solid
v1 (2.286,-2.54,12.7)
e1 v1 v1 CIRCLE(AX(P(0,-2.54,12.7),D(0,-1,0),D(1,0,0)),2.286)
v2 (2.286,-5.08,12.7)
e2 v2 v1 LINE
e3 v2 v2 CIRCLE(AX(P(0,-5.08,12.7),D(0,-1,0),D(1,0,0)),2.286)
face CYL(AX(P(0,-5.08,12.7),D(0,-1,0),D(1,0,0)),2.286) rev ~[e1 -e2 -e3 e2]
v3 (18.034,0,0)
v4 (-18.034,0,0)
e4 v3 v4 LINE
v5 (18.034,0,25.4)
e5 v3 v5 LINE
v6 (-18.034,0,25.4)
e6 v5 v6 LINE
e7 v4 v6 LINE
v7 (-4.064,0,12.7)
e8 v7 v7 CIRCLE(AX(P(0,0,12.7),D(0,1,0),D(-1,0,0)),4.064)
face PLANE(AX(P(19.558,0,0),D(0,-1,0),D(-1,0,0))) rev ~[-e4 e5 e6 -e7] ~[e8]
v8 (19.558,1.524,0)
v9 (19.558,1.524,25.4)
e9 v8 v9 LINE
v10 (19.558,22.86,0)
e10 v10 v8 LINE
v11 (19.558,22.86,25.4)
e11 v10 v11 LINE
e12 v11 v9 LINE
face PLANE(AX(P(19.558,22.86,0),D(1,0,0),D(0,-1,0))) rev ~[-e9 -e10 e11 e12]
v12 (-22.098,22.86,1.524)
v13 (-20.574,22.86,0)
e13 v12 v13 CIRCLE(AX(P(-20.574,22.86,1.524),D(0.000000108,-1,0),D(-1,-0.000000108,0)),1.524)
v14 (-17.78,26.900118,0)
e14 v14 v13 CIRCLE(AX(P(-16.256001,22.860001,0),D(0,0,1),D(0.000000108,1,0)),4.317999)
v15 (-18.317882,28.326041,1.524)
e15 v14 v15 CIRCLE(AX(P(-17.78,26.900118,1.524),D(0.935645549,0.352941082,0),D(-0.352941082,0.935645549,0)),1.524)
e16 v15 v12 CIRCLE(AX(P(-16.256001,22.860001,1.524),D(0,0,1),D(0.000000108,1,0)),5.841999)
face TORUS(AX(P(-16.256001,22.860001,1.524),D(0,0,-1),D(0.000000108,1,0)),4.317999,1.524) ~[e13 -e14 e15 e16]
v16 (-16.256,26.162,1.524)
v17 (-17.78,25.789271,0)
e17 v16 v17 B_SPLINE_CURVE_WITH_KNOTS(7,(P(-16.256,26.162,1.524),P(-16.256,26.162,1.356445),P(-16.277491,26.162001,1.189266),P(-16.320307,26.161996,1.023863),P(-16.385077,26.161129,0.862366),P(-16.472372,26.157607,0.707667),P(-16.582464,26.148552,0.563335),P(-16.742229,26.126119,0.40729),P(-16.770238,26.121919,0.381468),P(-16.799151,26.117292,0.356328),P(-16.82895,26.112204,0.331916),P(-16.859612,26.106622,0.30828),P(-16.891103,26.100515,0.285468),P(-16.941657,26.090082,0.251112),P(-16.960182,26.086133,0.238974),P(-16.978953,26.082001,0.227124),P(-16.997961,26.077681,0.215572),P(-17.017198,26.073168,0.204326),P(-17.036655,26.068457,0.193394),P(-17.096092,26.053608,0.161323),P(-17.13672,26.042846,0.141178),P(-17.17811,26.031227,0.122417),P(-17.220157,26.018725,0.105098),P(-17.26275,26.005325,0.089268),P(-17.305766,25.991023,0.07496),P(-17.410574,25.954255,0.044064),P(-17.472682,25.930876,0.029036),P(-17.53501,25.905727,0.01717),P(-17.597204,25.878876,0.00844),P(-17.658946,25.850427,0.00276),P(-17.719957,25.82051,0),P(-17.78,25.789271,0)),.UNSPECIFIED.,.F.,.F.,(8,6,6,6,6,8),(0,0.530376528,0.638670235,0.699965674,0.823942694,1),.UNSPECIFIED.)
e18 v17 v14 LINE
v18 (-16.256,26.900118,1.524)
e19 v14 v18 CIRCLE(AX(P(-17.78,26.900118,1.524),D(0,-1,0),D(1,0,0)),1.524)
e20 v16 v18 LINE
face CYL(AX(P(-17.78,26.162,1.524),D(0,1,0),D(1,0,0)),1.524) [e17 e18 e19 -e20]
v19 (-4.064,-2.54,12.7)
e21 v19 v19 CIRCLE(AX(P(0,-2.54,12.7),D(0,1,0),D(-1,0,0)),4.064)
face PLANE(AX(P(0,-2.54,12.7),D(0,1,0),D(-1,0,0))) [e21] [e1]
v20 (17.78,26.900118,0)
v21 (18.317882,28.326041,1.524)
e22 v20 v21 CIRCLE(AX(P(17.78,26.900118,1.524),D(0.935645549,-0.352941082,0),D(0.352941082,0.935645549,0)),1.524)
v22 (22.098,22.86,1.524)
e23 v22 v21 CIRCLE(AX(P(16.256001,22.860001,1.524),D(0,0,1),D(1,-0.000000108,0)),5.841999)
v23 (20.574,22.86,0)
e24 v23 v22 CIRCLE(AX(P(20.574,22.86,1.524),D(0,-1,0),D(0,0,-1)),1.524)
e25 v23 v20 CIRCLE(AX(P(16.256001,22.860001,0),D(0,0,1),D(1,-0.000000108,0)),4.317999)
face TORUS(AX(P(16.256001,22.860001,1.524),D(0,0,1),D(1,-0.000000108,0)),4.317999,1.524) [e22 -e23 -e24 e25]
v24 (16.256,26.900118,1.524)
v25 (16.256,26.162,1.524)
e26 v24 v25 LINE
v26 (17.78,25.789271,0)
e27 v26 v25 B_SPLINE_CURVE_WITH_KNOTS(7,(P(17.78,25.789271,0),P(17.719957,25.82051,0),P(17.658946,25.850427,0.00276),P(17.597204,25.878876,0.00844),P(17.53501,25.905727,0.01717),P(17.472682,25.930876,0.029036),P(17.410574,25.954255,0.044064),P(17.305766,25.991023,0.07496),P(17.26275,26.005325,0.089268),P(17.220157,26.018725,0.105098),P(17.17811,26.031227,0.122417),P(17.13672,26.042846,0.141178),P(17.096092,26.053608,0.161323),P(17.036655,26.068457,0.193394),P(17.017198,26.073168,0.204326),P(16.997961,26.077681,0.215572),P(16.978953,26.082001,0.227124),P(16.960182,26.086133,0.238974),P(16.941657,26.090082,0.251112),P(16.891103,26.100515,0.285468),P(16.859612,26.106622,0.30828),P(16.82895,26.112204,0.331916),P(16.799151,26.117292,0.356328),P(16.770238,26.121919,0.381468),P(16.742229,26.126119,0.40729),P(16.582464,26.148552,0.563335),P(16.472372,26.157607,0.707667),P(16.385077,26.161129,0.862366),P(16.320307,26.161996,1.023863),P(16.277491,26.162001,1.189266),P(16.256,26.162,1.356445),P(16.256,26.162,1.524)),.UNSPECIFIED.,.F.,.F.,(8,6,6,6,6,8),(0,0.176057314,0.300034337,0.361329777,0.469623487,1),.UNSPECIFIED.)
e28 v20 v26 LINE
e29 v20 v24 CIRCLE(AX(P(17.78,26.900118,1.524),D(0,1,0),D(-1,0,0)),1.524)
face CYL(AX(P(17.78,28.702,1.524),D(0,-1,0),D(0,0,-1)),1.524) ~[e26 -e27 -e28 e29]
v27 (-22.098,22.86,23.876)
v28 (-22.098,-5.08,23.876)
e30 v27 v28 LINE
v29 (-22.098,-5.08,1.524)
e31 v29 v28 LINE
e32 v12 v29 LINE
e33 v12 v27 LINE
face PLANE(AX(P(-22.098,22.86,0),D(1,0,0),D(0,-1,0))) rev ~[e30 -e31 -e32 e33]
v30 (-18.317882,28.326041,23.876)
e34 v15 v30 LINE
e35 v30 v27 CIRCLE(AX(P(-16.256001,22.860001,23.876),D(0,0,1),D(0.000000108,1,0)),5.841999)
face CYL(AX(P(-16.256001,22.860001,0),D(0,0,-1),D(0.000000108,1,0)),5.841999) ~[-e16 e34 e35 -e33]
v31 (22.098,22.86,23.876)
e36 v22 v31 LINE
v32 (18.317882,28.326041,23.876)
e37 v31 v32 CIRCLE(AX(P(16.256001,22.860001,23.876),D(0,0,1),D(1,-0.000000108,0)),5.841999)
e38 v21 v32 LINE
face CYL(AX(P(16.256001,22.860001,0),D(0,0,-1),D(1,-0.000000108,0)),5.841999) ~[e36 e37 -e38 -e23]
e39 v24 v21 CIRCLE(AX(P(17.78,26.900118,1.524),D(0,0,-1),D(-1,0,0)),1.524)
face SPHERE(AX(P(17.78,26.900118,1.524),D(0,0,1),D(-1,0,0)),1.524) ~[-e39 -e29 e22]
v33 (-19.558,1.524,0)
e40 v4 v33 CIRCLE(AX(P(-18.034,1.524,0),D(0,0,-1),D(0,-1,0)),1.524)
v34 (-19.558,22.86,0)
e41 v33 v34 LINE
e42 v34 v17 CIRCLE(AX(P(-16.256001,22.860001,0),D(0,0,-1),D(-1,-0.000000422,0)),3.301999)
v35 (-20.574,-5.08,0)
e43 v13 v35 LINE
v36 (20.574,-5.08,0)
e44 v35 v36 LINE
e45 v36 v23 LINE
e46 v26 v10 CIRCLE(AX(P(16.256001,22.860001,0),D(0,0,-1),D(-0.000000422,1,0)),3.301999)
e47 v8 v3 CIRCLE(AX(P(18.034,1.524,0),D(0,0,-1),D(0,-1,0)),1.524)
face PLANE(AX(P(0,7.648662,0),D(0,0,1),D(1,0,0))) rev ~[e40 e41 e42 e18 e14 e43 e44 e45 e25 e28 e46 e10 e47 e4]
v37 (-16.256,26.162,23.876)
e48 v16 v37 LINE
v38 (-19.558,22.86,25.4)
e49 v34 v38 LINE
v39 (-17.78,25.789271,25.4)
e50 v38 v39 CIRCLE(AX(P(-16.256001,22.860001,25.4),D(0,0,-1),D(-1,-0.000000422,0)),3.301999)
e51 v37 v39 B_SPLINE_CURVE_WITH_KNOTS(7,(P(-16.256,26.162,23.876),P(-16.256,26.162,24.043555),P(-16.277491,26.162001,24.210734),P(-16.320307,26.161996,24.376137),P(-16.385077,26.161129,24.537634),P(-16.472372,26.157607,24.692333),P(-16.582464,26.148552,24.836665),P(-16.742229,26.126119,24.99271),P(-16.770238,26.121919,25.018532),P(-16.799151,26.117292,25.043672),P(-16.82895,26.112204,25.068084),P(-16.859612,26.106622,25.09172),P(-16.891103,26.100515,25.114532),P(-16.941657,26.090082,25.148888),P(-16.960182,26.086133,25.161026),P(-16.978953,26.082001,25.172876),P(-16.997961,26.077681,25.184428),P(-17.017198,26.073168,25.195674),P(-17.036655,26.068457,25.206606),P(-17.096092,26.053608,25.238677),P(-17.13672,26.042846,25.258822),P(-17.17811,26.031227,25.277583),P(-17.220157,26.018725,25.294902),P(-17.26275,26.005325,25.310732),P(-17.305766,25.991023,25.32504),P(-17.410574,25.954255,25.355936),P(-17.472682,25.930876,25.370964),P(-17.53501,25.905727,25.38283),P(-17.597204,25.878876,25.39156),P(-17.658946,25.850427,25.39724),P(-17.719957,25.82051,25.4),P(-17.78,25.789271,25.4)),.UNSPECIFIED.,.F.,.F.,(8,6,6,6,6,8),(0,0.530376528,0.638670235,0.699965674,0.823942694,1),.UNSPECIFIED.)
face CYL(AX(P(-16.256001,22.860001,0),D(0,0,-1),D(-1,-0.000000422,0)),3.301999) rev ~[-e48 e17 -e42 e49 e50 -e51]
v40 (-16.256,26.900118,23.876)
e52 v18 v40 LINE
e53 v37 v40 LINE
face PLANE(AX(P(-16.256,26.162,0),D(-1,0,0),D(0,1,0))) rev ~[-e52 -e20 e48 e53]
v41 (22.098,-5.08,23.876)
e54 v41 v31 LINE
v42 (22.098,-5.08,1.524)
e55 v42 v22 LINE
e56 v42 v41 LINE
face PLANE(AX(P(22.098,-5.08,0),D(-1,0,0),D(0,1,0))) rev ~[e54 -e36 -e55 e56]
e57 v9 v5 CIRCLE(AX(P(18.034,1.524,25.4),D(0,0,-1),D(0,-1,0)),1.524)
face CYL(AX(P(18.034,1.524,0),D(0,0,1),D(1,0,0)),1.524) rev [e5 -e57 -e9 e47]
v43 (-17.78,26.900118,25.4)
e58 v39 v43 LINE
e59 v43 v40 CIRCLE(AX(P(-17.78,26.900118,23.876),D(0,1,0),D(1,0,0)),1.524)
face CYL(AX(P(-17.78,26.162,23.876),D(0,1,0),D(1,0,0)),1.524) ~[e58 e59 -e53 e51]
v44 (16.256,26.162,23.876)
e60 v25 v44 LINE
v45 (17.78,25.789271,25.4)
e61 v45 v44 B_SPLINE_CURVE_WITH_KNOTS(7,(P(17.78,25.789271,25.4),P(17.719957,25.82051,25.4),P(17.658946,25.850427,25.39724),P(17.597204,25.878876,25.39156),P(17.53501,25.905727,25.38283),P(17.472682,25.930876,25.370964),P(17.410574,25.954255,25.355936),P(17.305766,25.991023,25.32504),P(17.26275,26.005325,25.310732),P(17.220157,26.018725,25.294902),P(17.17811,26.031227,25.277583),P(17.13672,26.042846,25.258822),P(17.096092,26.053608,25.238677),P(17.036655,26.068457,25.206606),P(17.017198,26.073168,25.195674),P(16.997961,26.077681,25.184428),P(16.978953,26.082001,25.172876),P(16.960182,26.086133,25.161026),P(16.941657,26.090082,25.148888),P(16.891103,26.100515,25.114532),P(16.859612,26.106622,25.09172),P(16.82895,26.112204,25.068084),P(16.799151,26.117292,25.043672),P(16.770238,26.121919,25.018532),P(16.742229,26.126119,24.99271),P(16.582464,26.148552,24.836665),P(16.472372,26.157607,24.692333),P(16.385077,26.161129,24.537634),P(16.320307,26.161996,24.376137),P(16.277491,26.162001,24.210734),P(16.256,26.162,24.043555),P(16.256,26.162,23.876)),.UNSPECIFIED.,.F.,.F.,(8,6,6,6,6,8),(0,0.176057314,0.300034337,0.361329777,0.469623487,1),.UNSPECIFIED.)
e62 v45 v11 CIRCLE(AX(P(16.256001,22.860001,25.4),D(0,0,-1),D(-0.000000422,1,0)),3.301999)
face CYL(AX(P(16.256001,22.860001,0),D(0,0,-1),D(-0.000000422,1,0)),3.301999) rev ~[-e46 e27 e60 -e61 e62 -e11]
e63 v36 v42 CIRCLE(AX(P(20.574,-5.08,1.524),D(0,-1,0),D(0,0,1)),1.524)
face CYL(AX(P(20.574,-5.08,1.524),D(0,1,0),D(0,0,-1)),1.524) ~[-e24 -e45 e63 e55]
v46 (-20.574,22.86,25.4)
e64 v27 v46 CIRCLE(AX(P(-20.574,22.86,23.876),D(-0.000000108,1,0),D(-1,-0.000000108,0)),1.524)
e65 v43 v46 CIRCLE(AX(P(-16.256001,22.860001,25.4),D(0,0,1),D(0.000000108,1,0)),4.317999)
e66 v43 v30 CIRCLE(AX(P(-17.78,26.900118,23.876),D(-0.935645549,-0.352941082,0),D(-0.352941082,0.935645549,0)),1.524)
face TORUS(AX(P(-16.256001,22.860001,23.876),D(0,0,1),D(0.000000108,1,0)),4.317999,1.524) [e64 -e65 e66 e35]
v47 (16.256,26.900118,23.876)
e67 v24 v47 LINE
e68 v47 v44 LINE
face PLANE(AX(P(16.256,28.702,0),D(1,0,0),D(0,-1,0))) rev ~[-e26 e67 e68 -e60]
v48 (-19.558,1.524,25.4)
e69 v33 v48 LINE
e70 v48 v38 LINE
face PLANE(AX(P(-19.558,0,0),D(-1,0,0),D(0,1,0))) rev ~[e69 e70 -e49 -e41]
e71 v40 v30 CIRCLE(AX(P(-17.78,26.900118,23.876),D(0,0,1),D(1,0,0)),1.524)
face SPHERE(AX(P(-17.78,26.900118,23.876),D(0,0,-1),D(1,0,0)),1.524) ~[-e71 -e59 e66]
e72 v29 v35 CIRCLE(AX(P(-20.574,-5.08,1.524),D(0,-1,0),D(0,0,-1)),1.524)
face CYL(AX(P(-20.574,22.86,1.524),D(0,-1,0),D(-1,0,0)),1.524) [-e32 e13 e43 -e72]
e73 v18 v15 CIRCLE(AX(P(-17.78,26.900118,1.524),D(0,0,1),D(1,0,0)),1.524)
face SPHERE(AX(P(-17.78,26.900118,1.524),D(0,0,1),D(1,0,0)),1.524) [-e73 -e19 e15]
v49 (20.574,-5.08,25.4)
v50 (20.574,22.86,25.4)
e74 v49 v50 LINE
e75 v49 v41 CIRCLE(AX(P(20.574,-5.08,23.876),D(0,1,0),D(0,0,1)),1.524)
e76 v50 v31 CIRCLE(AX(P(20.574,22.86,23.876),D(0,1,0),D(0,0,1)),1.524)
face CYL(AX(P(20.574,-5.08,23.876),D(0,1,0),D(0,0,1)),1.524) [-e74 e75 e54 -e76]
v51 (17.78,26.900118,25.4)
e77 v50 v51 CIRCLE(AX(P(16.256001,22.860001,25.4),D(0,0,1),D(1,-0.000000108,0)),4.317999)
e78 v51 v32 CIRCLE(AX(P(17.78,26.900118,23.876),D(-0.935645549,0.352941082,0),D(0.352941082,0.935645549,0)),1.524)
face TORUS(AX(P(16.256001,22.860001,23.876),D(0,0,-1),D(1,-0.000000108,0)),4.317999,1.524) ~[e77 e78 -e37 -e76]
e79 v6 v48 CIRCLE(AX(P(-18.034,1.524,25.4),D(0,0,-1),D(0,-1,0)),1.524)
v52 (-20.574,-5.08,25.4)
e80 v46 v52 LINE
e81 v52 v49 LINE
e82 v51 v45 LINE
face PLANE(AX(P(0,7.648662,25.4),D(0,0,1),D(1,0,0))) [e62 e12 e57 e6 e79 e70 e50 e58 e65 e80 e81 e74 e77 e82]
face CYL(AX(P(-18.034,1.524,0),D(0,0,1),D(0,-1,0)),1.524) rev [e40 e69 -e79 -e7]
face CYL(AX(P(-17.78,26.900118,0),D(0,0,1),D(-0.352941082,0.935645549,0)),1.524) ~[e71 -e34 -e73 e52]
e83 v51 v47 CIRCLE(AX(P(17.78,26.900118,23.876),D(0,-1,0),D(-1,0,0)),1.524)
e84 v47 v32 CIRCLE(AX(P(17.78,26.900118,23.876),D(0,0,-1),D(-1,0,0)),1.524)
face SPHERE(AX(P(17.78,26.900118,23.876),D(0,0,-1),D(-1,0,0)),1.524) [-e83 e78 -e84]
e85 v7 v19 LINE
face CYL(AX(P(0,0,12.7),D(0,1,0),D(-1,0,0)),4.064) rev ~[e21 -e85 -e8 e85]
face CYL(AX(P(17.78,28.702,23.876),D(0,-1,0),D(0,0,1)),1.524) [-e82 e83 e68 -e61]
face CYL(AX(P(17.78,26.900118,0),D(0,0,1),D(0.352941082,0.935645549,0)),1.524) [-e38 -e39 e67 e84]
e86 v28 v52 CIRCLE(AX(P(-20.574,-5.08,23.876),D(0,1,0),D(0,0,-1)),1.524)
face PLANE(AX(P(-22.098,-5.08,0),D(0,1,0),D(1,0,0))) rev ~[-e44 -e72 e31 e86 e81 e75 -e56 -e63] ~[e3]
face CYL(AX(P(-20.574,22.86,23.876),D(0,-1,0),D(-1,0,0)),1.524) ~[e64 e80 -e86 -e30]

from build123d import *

# Parameters (mm, degrees)
F1_DEPTH = 25.4
F2_R     = 2.286
F3_DEPTH = 5.08
F4_R     = 4.064
F5_DEPTH = 2.54
F6_R     = 1.524


with BuildPart() as f1:
    # F0 (on Top) → F1 (new body)
    with BuildSketch(Plane.XY):
        with BuildLine():
            ThreePointArc((-16.256, 28.702), (-20.386918, 26.990918), (-22.098, 22.86))
            Line((-22.098, 22.86), (-22.098, -5.08))
            Line((-22.098, -5.08), (22.098, -5.08))
            Line((22.098, -5.08), (22.098, 22.86))
            ThreePointArc((22.098, 22.86), (20.386918, 26.990918), (16.256, 28.702))
            Line((16.256, 28.702), (16.256, 26.162))
            ThreePointArc((16.256, 26.162), (18.590867, 25.194867), (19.558, 22.86))
            Line((19.558, 22.86), (19.558, 0))
            Line((19.558, 0), (-19.558, 0))
            Line((-19.558, 0), (-19.558, 22.86))
            ThreePointArc((-19.558, 22.86), (-18.590867, 25.194867), (-16.256, 26.162))
            Line((-16.256, 26.162), (-16.256, 28.702))
        make_face()
    extrude(amount=F1_DEPTH)

    # F2 (on face) → F3 (cut, through all)
    with BuildSketch(Plane.XZ.offset(5.08)):
        with Locations((0, 12.7)):
            Circle(F2_R)
    extrude(amount=-F3_DEPTH, mode=Mode.SUBTRACT)

    # F4 (on face) → F5 (cut)
    with BuildSketch(Plane(origin=(0, 0, 0), x_dir=(-1, 0, 0), z_dir=(0, 1, 0))):
        with Locations((0, 12.7)):
            Circle(F4_R)
    extrude(amount=-F5_DEPTH, mode=Mode.SUBTRACT)

    # F6
    f6_edges = [f1.edges().sort_by_distance(p)[0] for p in [
        (-20.386918, 26.990918, 25.4),
        (20.386918, 26.990918, 25.4),
        (20.386918, 26.990918, 0),
        (-22.098, 8.89, 0),
        (-19.558, 0, 12.7),
        (19.558, 0, 12.7),
        (-16.256, 28.702, 12.7),
        (16.256, 28.702, 12.7),
        (-16.256, 27.432, 25.4),
        (16.256, 27.432, 25.4),
        (16.256, 27.432, 0),
        (-16.256, 27.432, 0),
    ]]
    fillet(f6_edges, radius=F6_R)


solid = f1.part
